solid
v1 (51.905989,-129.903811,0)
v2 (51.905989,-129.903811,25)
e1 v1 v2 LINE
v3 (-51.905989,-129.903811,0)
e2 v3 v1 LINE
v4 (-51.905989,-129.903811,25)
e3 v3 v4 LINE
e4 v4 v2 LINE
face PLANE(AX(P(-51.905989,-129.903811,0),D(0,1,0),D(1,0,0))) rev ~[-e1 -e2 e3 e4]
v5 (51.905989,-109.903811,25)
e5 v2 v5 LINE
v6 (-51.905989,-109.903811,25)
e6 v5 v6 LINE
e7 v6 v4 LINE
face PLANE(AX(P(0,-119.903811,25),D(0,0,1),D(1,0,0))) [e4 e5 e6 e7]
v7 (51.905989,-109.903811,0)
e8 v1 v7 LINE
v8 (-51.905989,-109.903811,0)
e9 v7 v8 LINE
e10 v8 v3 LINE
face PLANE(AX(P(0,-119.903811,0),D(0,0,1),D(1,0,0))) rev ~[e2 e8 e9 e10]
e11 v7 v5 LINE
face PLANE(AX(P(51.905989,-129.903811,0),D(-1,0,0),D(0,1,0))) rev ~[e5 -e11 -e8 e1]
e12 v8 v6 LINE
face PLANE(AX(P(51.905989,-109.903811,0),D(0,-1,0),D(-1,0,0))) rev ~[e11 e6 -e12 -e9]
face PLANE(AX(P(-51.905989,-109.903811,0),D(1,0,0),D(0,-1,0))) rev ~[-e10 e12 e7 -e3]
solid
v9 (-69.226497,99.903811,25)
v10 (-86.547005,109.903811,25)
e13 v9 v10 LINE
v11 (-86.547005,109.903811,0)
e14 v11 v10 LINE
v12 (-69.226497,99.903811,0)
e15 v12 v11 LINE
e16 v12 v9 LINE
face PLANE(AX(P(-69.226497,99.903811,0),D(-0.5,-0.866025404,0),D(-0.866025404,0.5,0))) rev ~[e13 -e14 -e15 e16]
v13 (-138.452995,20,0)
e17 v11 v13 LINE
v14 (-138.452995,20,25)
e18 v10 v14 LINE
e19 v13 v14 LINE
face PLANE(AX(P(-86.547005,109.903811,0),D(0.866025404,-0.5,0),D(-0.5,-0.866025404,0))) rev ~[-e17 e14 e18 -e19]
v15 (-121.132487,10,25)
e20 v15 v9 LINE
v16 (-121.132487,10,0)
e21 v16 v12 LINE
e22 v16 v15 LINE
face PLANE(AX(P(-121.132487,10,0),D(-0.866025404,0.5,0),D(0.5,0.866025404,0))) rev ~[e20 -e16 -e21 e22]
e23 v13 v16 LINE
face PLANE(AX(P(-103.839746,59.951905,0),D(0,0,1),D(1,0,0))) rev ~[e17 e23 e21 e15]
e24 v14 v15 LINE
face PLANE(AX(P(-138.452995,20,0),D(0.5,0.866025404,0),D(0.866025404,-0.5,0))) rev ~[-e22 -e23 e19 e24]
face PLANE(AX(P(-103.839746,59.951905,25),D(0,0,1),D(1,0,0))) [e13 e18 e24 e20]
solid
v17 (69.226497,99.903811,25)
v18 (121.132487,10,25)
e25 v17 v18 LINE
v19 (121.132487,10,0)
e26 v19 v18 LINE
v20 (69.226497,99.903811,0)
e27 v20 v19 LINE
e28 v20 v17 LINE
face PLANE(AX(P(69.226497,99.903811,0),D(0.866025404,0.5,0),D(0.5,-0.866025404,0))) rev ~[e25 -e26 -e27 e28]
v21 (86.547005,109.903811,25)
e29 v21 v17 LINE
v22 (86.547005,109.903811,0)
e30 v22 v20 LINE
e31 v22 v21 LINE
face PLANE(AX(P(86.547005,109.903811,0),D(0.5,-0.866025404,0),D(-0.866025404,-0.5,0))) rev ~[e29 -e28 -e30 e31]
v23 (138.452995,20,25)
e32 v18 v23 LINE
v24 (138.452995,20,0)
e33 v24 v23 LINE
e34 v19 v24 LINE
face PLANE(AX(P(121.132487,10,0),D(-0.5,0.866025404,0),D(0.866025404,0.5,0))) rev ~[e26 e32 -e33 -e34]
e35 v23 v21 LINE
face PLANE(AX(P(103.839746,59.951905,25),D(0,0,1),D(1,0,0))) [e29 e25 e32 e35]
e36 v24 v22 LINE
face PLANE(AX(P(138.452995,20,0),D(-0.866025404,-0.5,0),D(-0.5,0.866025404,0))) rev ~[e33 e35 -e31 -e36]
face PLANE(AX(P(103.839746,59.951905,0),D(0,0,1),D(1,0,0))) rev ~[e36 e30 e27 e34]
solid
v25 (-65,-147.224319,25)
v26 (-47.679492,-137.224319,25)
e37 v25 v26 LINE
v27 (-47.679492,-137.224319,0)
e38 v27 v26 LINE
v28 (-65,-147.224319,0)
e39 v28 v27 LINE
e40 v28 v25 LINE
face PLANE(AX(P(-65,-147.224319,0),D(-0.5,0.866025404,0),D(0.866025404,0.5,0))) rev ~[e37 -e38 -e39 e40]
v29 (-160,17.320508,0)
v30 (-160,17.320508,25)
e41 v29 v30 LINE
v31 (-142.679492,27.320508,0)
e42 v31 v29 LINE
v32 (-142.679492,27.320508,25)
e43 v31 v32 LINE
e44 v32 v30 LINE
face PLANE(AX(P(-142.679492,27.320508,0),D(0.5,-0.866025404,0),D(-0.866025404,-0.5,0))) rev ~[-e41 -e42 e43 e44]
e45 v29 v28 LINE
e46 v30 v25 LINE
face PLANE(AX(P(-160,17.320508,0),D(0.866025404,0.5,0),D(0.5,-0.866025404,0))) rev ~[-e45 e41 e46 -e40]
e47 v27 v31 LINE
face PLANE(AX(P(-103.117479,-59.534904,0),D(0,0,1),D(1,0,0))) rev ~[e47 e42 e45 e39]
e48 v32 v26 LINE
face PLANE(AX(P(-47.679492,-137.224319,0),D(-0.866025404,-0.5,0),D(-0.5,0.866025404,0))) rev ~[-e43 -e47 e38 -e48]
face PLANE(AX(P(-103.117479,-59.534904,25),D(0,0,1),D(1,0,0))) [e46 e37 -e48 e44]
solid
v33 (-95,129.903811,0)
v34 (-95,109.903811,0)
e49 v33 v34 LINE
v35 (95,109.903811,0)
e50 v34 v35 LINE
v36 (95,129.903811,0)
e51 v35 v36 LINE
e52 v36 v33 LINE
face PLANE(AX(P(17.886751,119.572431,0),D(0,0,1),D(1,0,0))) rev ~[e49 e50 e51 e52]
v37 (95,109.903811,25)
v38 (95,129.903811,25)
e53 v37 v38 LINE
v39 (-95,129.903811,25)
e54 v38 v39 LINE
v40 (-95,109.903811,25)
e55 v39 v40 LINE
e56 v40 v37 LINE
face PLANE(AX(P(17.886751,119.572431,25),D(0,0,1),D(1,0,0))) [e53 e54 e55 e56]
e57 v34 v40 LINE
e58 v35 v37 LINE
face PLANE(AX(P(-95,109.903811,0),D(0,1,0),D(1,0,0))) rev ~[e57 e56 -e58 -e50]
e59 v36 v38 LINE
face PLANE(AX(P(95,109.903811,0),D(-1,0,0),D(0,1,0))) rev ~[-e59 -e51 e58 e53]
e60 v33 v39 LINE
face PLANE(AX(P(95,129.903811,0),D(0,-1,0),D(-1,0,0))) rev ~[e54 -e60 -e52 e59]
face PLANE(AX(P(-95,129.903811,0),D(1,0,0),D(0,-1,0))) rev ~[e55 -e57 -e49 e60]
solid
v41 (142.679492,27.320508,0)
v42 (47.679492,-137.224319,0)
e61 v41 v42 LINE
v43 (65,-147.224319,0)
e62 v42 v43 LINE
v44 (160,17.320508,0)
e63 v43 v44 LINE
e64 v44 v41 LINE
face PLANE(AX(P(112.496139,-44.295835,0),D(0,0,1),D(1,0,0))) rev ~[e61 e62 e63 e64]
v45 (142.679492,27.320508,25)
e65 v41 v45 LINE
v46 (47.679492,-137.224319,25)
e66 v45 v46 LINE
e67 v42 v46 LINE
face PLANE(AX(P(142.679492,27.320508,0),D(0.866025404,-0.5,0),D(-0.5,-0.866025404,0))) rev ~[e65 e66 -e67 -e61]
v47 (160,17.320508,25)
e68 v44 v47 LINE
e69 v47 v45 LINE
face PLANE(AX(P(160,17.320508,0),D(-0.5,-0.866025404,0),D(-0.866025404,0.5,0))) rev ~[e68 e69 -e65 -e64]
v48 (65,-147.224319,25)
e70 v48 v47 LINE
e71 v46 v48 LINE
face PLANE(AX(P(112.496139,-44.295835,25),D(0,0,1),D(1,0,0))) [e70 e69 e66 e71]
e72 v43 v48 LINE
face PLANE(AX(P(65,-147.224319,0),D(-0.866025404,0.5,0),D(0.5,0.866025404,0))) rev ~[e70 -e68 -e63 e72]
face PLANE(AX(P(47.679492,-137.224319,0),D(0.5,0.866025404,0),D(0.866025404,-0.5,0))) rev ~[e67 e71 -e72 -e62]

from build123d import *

# Parameters (mm, degrees)
F1_DEPTH = 25


with BuildPart() as f1:
    # F0 (on Top) → F1 (new body)
    with BuildSketch(Plane.XY):
        Polygon((95, 129.9038105677), (0, 129.9038105677), (-51.9059892324, 129.9038105677), (-63.4529946162, 109.9038105677), (86.5470053838, 109.9038105677), (95, 109.9038105677), align=None)
        Polygon((-63.4529946162, 109.9038105677), (-51.9059892324, 129.9038105677), (-75, 129.9038105677), (-86.5470053838, 109.9038105677), align=None)
        Polygon((-86.5470053838, 109.9038105677), (-75, 129.9038105677), (-95, 129.9038105677), (-95, 109.9038105677), align=None)
    extrude(amount=F1_DEPTH)


with BuildPart() as f1b:
    # F0 (on Top) → F1, piece 2 (new body)
    with BuildSketch(Plane.XY):
        Polygon((-69.2264973081, 99.9038105677), (-86.5470053838, 109.9038105677), (-112.5, 64.9519052838), (-138.4529946162, 20), (-121.1324865405, 10), align=None)
    extrude(amount=F1_DEPTH)


with BuildPart() as f1c:
    # F0 (on Top) → F1, piece 3 (new body)
    with BuildSketch(Plane.XY):
        Polygon((-63.4529946162, -109.9038105677), (-126.9059892324, 0), (-138.4529946162, -20), (-112.5, -64.9519052838), (-86.5470053838, -109.9038105677), align=None)
        Polygon((-126.9059892324, 0), (-138.4529946162, 20), (-150, 0), (-138.4529946162, -20), align=None)
        Polygon((-150, 0), (-138.4529946162, 20), (-142.6794919243, 27.3205080757), (-160, 17.3205080757), align=None)
        Polygon((-47.6794919243, -137.2243186434), (-51.9059892324, -129.9038105677), (-75, -129.9038105677), (-65, -147.2243186434), align=None)
        Polygon((-51.9059892324, -129.9038105677), (-63.4529946162, -109.9038105677), (-86.5470053838, -109.9038105677), (-75, -129.9038105677), align=None)
    extrude(amount=F1_DEPTH)


with BuildPart() as f1d:
    # F0 (on Top) → F1, piece 4 (new body)
    with BuildSketch(Plane.XY):
        Polygon((0, -129.9038105677), (51.9059892324, -129.9038105677), (51.9059892324, -109.9038105677), (-51.9059892324, -109.9038105677), (-51.9059892324, -129.9038105677), align=None)
    extrude(amount=F1_DEPTH)


with BuildPart() as f1e:
    # F0 (on Top) → F1, piece 5 (new body)
    with BuildSketch(Plane.XY):
        Polygon((142.6794919243, 27.3205080757), (138.4529946162, 20), (63.4529946162, -109.9038105677), (86.5470053838, -109.9038105677), (112.5, -64.9519052838), (160, 17.3205080757), align=None)
        Polygon((86.5470053838, -109.9038105677), (63.4529946162, -109.9038105677), (51.9059892324, -129.9038105677), (75, -129.9038105677), align=None)
        Polygon((75, -129.9038105677), (51.9059892324, -129.9038105677), (47.6794919243, -137.2243186434), (65, -147.2243186434), align=None)
    extrude(amount=F1_DEPTH)


with BuildPart() as f1f:
    # F0 (on Top) → F1, piece 6 (new body)
    with BuildSketch(Plane.XY):
        Polygon((138.4529946162, 20), (86.5470053838, 109.9038105677), (69.2264973081, 99.9038105677), (121.1324865405, 10), align=None)
    extrude(amount=F1_DEPTH)


solid = Compound([f1.part, f1b.part, f1c.part, f1d.part, f1e.part, f1f.part])
